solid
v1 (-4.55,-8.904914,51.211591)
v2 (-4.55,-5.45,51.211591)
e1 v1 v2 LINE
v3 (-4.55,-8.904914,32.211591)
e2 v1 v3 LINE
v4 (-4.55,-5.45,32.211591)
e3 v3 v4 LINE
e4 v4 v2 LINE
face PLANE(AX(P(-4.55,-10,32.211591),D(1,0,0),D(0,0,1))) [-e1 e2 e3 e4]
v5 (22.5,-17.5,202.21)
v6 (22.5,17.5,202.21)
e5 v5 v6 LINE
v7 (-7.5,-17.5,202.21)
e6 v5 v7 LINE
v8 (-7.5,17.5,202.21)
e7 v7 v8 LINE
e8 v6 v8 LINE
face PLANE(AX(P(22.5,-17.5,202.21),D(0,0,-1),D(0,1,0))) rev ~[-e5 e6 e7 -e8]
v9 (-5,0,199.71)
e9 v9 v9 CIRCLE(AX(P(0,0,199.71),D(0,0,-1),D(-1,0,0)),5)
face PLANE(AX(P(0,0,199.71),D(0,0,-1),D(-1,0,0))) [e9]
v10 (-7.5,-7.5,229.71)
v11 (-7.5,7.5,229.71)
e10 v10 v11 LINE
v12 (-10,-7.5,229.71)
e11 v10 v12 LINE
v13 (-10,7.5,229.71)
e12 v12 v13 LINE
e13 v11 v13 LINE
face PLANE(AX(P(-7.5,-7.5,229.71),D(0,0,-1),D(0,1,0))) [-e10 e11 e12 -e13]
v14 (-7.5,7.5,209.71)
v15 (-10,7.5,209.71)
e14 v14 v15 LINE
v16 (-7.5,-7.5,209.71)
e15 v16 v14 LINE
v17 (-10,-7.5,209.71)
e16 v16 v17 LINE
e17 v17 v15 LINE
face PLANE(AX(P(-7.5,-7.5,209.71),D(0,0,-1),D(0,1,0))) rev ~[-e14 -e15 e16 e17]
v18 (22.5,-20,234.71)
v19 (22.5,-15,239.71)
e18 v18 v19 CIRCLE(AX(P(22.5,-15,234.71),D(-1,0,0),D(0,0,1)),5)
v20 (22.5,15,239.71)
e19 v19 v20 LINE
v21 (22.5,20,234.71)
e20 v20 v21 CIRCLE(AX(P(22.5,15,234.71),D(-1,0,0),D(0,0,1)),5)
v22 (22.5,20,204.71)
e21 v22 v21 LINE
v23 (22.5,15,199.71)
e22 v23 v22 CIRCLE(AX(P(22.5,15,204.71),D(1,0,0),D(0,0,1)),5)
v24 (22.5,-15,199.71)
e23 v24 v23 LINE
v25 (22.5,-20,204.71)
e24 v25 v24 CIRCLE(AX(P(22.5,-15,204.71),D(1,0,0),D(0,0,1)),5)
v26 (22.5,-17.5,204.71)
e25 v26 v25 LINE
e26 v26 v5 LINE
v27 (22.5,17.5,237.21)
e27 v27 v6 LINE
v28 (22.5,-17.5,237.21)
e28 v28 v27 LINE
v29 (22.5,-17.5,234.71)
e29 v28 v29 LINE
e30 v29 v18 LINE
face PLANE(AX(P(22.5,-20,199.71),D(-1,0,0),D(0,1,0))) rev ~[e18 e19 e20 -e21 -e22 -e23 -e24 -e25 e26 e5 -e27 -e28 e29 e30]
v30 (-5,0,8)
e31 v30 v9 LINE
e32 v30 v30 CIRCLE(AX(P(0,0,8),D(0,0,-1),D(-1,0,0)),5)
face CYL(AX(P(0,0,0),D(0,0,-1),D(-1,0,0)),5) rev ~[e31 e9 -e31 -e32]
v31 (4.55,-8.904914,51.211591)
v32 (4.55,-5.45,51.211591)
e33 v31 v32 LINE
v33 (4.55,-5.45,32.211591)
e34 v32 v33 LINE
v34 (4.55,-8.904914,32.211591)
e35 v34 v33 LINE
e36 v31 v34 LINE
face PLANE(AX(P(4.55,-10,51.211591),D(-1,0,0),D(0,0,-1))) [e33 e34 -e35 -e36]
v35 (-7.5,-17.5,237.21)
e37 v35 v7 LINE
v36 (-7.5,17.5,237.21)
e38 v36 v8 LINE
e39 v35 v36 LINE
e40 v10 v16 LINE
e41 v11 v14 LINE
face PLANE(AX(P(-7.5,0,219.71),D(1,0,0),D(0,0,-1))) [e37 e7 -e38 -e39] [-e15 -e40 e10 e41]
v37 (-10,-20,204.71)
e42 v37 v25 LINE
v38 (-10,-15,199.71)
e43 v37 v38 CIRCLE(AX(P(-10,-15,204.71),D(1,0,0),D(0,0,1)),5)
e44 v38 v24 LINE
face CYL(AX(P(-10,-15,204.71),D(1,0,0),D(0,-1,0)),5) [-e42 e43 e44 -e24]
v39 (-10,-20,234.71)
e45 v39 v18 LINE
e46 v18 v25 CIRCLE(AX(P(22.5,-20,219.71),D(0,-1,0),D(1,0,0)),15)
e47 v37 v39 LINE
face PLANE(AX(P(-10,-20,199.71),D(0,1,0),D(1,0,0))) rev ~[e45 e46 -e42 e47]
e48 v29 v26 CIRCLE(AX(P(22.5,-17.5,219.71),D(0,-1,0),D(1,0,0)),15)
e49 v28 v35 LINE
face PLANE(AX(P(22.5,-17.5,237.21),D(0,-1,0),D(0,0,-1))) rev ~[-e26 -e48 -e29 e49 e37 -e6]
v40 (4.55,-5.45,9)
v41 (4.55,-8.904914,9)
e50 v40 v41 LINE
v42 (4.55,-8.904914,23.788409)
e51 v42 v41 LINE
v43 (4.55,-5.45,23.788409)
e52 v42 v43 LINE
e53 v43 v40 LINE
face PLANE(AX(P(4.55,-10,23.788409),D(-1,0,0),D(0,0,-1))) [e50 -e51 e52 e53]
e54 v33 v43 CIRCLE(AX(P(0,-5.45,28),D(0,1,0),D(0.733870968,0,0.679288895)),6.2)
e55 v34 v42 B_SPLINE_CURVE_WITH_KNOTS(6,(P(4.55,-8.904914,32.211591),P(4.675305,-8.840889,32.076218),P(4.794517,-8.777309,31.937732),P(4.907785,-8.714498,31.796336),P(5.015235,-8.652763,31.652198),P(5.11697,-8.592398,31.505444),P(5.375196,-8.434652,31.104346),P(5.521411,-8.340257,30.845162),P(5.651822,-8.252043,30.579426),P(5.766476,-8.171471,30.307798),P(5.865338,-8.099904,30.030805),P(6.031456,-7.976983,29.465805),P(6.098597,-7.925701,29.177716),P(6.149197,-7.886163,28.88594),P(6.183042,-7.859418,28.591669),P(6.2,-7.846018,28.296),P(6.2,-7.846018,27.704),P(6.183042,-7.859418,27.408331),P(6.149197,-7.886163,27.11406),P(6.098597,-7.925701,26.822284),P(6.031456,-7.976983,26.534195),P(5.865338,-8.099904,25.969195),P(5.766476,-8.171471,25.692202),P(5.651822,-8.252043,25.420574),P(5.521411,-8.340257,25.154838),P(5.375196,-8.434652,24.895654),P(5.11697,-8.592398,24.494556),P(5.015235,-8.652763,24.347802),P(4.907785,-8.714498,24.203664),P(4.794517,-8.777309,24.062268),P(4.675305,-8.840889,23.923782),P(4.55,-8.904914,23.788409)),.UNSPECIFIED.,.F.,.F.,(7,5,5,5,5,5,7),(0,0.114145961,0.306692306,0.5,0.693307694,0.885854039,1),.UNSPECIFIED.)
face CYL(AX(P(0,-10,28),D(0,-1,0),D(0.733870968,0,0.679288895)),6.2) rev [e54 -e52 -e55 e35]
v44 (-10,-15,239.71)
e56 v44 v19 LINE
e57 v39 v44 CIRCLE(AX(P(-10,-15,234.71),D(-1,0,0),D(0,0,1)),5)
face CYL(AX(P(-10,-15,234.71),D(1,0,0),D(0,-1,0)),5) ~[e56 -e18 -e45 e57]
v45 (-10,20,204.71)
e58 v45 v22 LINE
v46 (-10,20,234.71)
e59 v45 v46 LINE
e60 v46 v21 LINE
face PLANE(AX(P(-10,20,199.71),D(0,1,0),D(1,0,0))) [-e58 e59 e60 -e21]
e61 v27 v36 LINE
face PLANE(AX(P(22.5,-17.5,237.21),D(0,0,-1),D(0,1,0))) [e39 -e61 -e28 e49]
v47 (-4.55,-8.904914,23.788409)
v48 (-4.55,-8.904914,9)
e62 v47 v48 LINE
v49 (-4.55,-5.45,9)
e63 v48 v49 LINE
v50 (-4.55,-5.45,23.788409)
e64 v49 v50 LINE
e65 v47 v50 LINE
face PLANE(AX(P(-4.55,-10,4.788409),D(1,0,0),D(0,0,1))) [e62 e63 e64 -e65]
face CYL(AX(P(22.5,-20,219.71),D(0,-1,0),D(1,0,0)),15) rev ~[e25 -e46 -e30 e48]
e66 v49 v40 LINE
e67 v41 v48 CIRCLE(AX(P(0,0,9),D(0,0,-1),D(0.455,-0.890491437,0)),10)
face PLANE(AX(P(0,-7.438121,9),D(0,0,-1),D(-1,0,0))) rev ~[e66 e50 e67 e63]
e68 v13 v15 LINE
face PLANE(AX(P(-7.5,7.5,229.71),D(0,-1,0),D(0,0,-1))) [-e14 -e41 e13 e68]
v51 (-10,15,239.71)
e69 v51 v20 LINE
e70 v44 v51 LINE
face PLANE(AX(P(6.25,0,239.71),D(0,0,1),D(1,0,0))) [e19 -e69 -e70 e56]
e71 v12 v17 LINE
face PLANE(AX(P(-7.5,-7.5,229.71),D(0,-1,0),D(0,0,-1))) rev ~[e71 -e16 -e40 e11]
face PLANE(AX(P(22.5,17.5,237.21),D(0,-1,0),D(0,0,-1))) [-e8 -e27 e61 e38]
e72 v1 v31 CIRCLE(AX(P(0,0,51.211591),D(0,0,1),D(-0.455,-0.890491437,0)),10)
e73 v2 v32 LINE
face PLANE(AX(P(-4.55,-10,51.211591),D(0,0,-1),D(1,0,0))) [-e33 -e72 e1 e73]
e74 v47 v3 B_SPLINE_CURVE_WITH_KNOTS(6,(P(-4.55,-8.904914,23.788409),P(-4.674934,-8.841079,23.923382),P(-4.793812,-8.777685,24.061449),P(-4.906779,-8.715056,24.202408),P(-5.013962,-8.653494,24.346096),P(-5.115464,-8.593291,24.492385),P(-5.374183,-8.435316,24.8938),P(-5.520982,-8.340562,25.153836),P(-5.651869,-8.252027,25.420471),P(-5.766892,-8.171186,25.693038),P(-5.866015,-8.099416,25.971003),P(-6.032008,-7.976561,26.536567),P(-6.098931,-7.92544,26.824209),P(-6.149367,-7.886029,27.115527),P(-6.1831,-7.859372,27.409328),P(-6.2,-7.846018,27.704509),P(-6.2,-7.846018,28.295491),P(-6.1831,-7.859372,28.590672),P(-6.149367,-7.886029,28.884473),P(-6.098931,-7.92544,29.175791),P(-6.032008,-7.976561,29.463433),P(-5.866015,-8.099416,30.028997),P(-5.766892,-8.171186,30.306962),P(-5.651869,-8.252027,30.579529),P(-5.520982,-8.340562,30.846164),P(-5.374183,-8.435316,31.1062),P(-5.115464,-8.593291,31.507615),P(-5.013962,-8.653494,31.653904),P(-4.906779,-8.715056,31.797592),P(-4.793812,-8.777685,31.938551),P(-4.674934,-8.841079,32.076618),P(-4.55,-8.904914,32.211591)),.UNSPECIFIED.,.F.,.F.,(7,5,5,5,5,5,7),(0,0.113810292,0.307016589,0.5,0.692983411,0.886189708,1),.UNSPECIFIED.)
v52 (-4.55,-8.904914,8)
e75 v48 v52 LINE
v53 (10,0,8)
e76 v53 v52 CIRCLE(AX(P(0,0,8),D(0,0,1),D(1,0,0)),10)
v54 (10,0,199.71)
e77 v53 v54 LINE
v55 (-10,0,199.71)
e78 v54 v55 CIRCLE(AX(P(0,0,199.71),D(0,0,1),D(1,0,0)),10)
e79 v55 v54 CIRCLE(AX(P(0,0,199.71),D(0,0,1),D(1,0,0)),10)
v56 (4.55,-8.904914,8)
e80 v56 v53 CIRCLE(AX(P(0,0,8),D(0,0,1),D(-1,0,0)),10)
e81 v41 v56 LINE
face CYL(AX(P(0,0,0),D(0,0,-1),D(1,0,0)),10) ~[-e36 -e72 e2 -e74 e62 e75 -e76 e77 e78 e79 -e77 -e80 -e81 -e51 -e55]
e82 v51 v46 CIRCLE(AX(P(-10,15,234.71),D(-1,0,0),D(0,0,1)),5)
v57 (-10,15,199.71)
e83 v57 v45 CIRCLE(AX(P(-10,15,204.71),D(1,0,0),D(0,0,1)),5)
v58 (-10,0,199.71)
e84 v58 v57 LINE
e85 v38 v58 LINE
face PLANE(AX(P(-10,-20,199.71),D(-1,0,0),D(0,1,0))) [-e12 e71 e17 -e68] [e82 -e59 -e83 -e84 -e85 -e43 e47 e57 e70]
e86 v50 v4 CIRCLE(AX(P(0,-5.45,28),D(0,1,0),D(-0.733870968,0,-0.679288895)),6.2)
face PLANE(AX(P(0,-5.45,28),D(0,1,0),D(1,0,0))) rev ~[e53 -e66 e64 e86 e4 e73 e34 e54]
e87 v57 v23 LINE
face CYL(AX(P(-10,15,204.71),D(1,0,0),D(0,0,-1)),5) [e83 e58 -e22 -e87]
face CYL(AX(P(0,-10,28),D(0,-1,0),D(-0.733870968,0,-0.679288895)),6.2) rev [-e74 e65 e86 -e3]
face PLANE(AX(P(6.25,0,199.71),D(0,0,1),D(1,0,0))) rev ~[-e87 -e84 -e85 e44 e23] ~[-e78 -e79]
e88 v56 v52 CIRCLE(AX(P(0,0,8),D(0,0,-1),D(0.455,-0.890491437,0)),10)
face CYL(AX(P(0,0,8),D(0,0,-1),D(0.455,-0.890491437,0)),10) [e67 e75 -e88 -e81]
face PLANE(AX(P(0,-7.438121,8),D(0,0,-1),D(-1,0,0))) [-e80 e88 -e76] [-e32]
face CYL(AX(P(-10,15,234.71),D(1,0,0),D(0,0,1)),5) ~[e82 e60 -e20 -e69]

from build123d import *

# Parameters (mm, degrees)
SKETCH2_R           = 10
BOSS_EXTRUDE1_DEPTH = 199.71
CUT_EXTRUDE2_DEPTH  = 4.55
SKETCH5_W           = 32.5
SKETCH5_H           = 40
BOSS_EXTRUDE2_DEPTH = 40
SKETCH10_W          = 35
SKETCH10_H          = 35
CUT_EXTRUDE3_DEPTH  = 30
SKETCH11_W          = 20
SKETCH11_H          = 15
CUT_EXTRUDE4_DEPTH  = 2.5
FILLET1_R           = 5
SKETCH12_R          = 5
CUT_EXTRUDE5_DEPTH  = 199.71
SKETCH2_2_R         = 10
CUT_EXTRUDE6_DEPTH  = 8
BOSS_EXTRUDE3_DEPTH = 1
SKETCH16_R          = 15
CUT_EXTRUDE7_DEPTH  = 10


with BuildPart() as part:
    # Sketch2 → Boss-Extrude1 (new body)
    with BuildSketch(Plane.XY):
        Circle(SKETCH2_R)
    extrude(amount=BOSS_EXTRUDE1_DEPTH)

    # Sketch4 → Cut-Extrude2 (cut)
    with BuildSketch(Plane(origin=(0, -10, 0), x_dir=(-1, 0, 0), z_dir=(0, -1, 0))):
        with BuildLine():
            Line((-4.55, -23.788408852), (-4.55, -4.788408852))
            Line((-4.55, -4.788408852), (4.55, -4.788408852))
            Line((4.55, -4.788408852), (4.55, -23.788408852))
            ThreePointArc((4.55, -23.788408852), (6.2, -28), (4.55, -32.211591148))
            Line((4.55, -32.211591148), (4.55, -51.211591148))
            Line((4.55, -51.211591148), (-4.55, -51.211591148))
            Line((-4.55, -51.211591148), (-4.55, -32.211591148))
            ThreePointArc((-4.55, -32.211591148), (-6.2, -28), (-4.55, -23.788408852))
        make_face()
    extrude(amount=-CUT_EXTRUDE2_DEPTH, mode=Mode.SUBTRACT)

    # Sketch5 → Boss-Extrude2 (add)
    with BuildSketch(Plane.XY.offset(199.71)):
        with Locations((6.25, 0)):
            Rectangle(SKETCH5_W, SKETCH5_H)
    extrude(amount=BOSS_EXTRUDE2_DEPTH)

    # Sketch10 → Cut-Extrude3 (cut)
    with BuildSketch(Plane(origin=(22.5, 0, 0), x_dir=(0, 0, -1), z_dir=(1, 0, 0))):
        with Locations((-219.71, 0)):
            Rectangle(SKETCH10_W, SKETCH10_H)
    extrude(amount=-CUT_EXTRUDE3_DEPTH, mode=Mode.SUBTRACT)

    # Sketch11 → Cut-Extrude4 (cut)
    with BuildSketch(Plane(origin=(-7.5, 0, 0), x_dir=(0, 0, -1), z_dir=(1, 0, 0))):
        with Locations((-219.71, 0)):
            Rectangle(SKETCH11_W, SKETCH11_H)
    extrude(amount=-CUT_EXTRUDE4_DEPTH, mode=Mode.SUBTRACT)

    # Fillet1
    fillet1_edges = [part.edges().sort_by_distance(p)[0] for p in [
        (6.25, 20, 199.71),
        (6.25, -20, 199.71),
        (6.25, 20, 239.71),
        (6.25, -20, 239.71),
    ]]
    fillet(fillet1_edges, radius=FILLET1_R)

    # Sketch12 → Cut-Extrude5 (cut)
    with BuildSketch(Plane(origin=(0, 0, 0), x_dir=(-1, 0, 0), z_dir=(0, 0, -1))):
        Circle(SKETCH12_R)
    extrude(amount=-CUT_EXTRUDE5_DEPTH, mode=Mode.SUBTRACT)

    # Sketch2<2> → Cut-Extrude6 (cut)
    with BuildSketch(Plane.XY):
        with Locations(Location((0, 0, 0), (0, 0, 180))):
            Circle(SKETCH2_2_R)
    extrude(amount=CUT_EXTRUDE6_DEPTH, mode=Mode.SUBTRACT)

    # Sketch15 → Boss-Extrude3 (add)
    with BuildSketch(Plane(origin=(0, 0, 8), x_dir=(-1, 0, 0), z_dir=(0, 0, -1))):
        with BuildLine():
            Line((4.55, -8.904914374), (4.55, -5.45))
            Line((4.55, -5.45), (-4.55, -5.45))
            Line((-4.55, -5.45), (-4.55, -8.904914374))
            ThreePointArc((-4.55, -8.904914374), (0, -10), (4.55, -8.904914374))
        make_face()
    extrude(amount=-BOSS_EXTRUDE3_DEPTH)

    # Sketch16 → Cut-Extrude7 (cut)
    with BuildSketch(Plane.XZ.offset(20)):
        with Locations((22.5, 219.71)):
            Circle(SKETCH16_R)
    extrude(amount=-CUT_EXTRUDE7_DEPTH, mode=Mode.SUBTRACT)


solid = part.part
